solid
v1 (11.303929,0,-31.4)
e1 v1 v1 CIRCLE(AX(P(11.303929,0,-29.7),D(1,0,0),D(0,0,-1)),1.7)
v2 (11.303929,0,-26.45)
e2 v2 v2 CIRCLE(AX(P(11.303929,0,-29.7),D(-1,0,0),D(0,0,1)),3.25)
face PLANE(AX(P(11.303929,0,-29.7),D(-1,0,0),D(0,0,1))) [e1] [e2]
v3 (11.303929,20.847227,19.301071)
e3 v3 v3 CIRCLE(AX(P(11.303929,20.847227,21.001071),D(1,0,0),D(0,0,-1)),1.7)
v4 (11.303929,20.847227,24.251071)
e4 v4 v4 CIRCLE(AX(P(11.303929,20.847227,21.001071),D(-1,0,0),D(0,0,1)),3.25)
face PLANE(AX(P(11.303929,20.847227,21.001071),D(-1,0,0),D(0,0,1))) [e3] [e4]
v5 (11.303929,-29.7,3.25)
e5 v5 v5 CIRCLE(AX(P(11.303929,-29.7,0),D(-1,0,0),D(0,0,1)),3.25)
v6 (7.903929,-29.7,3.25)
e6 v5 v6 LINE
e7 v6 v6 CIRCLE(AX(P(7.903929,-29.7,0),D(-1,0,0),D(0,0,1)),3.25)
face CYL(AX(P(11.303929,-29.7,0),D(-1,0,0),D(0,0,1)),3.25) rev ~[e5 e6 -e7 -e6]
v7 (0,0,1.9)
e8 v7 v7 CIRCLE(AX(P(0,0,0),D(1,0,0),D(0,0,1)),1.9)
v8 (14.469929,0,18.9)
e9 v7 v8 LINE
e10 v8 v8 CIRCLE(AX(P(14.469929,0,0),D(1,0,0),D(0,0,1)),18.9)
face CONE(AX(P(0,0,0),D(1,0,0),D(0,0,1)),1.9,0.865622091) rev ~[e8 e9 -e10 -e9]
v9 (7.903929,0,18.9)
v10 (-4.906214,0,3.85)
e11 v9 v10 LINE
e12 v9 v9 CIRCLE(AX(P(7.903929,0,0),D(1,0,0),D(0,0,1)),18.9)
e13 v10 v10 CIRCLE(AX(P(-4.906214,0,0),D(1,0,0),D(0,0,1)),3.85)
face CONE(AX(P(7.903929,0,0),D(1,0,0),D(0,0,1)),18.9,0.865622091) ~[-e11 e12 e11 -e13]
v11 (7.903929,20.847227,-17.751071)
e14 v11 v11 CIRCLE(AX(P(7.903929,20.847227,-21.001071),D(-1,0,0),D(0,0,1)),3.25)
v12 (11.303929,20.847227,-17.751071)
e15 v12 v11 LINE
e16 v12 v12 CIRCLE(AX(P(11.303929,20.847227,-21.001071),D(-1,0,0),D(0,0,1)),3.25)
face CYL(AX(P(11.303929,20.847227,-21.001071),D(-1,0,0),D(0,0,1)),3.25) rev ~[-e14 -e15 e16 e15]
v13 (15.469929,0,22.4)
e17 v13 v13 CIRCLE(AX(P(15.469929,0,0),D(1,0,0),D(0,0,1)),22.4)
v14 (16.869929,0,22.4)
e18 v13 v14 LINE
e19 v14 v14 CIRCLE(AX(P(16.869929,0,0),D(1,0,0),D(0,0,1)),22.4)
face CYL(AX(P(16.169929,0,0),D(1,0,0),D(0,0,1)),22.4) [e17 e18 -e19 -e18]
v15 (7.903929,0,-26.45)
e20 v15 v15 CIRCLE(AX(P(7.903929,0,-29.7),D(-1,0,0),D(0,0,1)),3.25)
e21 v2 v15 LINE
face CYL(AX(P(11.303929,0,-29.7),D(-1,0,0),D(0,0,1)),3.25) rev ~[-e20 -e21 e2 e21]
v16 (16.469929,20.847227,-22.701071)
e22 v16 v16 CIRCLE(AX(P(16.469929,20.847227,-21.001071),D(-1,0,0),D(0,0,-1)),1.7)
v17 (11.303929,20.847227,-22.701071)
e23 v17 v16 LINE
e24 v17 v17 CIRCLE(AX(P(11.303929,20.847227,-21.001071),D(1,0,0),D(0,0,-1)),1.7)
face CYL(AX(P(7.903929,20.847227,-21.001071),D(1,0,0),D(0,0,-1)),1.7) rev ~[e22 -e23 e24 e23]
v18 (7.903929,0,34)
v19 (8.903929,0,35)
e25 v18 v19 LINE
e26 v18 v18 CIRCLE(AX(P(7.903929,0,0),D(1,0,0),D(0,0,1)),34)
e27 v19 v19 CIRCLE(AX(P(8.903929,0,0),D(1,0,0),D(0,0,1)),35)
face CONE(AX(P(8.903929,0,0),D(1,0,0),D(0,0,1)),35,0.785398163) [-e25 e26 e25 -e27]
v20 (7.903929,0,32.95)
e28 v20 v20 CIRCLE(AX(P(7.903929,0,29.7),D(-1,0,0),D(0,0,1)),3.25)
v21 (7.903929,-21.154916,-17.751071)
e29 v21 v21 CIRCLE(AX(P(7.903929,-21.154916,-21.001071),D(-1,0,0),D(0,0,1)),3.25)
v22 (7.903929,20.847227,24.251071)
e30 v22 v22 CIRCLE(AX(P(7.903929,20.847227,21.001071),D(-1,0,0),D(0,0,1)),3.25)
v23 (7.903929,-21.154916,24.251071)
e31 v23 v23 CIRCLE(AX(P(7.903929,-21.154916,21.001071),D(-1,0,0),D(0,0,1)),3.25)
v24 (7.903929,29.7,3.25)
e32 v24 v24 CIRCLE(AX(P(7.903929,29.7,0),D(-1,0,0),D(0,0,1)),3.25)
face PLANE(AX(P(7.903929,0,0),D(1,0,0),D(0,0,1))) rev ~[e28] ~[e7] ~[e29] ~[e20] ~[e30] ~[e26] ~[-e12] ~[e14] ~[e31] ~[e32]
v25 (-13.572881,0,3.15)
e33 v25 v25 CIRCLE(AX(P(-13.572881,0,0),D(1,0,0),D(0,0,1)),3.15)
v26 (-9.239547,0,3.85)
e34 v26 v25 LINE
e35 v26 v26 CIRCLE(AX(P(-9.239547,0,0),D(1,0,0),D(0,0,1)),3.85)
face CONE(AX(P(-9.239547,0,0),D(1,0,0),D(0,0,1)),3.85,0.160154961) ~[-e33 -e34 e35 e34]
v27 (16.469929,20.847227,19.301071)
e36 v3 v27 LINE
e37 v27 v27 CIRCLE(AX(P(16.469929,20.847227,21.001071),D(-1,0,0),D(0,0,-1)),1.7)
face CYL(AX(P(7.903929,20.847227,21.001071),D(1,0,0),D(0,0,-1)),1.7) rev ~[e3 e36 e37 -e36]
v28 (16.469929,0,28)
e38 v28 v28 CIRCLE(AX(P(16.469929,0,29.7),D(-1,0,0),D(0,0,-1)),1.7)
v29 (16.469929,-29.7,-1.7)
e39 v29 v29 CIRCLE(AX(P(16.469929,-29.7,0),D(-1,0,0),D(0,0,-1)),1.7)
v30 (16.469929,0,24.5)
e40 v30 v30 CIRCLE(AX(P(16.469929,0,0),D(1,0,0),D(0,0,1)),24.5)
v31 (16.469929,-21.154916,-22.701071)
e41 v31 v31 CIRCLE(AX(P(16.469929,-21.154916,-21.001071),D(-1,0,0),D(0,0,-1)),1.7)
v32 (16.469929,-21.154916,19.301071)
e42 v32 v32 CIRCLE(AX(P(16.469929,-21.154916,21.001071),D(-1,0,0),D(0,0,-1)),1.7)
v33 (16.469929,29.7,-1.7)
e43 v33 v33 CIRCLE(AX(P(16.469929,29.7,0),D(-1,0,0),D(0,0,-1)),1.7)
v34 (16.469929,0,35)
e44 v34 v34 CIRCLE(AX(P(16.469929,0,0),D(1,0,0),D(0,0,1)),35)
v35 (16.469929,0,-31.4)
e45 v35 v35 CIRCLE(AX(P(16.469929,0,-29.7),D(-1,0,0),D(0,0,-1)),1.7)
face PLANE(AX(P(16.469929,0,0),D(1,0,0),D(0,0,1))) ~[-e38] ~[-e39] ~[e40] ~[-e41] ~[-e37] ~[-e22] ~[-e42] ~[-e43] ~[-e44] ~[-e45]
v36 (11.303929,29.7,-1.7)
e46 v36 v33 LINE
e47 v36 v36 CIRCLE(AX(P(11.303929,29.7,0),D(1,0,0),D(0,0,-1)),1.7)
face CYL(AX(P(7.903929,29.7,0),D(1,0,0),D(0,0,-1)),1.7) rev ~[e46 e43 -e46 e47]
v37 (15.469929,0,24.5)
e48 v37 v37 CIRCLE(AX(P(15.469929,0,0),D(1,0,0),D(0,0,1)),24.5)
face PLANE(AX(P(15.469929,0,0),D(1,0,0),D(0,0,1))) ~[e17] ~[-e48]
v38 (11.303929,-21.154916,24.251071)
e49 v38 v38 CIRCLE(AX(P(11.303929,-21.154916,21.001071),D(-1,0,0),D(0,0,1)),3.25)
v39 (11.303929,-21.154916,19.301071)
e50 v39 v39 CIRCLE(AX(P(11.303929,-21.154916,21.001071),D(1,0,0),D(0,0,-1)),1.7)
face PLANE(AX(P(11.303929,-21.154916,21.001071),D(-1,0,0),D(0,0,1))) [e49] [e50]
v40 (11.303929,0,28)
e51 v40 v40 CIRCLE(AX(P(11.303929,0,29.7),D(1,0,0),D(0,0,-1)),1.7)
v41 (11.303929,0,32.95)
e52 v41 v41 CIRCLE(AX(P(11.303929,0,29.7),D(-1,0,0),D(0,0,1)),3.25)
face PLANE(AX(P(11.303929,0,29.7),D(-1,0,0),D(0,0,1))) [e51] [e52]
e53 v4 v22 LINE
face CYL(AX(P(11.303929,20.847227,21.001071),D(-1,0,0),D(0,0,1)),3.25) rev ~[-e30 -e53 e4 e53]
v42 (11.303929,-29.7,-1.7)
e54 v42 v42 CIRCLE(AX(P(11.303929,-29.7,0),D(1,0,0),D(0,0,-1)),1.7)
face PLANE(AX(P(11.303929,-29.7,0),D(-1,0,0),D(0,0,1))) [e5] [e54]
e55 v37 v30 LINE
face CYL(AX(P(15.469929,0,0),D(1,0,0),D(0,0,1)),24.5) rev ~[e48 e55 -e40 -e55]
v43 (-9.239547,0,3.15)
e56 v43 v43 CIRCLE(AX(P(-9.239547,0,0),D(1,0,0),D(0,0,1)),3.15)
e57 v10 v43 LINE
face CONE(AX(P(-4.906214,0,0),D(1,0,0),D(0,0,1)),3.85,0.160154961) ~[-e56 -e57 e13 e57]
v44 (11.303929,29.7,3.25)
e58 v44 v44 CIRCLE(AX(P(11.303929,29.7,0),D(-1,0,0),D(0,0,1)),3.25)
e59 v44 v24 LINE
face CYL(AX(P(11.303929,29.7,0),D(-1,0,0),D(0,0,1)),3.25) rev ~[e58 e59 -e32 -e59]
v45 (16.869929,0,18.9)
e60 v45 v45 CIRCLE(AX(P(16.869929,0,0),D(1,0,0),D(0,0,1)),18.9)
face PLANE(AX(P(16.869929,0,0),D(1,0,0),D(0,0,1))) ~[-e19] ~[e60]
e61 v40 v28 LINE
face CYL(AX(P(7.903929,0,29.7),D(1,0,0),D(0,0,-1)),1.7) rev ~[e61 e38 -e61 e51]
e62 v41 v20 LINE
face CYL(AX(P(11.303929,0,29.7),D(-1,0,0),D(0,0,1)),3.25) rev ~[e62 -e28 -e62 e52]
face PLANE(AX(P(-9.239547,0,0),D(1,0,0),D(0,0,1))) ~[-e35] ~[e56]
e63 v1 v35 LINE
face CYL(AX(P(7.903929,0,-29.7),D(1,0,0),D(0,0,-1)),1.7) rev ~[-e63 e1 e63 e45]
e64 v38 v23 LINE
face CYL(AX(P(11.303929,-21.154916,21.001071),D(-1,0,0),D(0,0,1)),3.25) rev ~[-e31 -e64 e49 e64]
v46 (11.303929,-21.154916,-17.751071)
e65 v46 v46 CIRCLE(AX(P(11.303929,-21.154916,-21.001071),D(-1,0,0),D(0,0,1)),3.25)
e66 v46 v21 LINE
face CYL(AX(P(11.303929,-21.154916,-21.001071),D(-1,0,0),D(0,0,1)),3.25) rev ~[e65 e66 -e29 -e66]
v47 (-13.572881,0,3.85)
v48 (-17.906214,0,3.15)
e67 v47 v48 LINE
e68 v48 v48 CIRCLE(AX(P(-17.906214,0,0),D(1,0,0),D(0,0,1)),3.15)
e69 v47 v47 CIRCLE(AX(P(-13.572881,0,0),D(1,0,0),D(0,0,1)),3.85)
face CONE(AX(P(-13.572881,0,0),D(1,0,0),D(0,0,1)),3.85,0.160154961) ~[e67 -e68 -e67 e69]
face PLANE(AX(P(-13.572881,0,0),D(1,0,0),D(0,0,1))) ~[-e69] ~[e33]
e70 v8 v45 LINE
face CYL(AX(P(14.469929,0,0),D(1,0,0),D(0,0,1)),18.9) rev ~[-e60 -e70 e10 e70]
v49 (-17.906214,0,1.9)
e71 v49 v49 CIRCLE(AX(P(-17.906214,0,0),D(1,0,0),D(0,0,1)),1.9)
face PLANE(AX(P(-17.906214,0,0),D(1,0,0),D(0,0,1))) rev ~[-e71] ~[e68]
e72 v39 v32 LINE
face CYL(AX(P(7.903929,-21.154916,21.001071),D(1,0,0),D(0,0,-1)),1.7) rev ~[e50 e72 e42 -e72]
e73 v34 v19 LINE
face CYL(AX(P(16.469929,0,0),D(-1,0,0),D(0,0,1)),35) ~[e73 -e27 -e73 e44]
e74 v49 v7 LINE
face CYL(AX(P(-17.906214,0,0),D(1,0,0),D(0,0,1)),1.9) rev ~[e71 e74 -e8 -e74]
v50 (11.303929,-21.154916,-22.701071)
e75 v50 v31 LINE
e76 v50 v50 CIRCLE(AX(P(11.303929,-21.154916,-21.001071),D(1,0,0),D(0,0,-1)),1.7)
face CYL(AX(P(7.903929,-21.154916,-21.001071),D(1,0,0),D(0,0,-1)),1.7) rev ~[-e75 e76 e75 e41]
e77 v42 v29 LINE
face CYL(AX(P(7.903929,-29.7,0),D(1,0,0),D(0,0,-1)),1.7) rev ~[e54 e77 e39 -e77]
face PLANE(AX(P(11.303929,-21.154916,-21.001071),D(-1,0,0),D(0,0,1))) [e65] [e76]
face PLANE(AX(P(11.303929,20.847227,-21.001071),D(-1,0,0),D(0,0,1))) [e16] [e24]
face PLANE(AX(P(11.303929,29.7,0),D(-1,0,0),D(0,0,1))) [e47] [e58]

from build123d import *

# Parameters (mm, degrees)
SKETCH1_W                                           = 1.4
SKETCH1_H                                           = 3.5
CBORE_FOR_M3_HEX_SOCKET_HEAD_CAP_SCREW2_D           = 3.4
CBORE_FOR_M3_HEX_SOCKET_HEAD_CAP_SCREW2_DEPTH       = 8.566
CBORE_FOR_M3_HEX_SOCKET_HEAD_CAP_SCREW2_CBORE_D     = 6.5
CBORE_FOR_M3_HEX_SOCKET_HEAD_CAP_SCREW2_CBORE_DEPTH = 3.4
CBORE_FOR_M3_HEX_SOCKET_HEAD_CAP_SCREW2_TIP         = 1.021463052
CHAMFER1_SIZE                                       = 1


with BuildPart() as part:
    # Sketch1 → Revolve17 (revolve)
    with BuildSketch(Plane.XY, mode=Mode.PRIVATE) as revolve17_sk:
        Polygon((-13.572880732, 3.15), (-13.572880732, 3.85), (-17.906214066, 3.15), (-17.906214066, 1.9), (0, 1.9), (14.469928658, 18.9), (15.469928658, 18.9), (15.469928658, 22.4), (15.469928658, 24.5), (16.469928658, 24.5), (16.469928658, 35), (7.903928658, 35), (7.903928658, 18.9), (-4.906214066, 3.85), (-9.239547399, 3.15), (-9.239547399, 3.85), align=None)
        with Locations((16.169928658, 20.65)):
            Rectangle(SKETCH1_W, SKETCH1_H)
    revolve(revolve17_sk.sketch.rotate(Axis((-801.920554309, 0, 0), (1, 0, 0)), 90), axis=Axis((-801.920554309, 0, 0), (1, 0, 0)))

    # CBORE for M3 Hex Socket Head Cap Screw2
    with Locations(Plane.ZY.offset(-7.903928658)):
        with Locations((-21.001071401, -21.154915542), (0, 29.7), (29.7, 0), (-29.7, 0), (0, -29.7), (-21.001071401, 20.847227261), (21.001071401, 20.847227261), (21.001071401, -21.154915542)):
            CounterBoreHole(CBORE_FOR_M3_HEX_SOCKET_HEAD_CAP_SCREW2_D / 2, CBORE_FOR_M3_HEX_SOCKET_HEAD_CAP_SCREW2_CBORE_D / 2, CBORE_FOR_M3_HEX_SOCKET_HEAD_CAP_SCREW2_CBORE_DEPTH, depth=CBORE_FOR_M3_HEX_SOCKET_HEAD_CAP_SCREW2_DEPTH)
            with Locations((0, 0, -(CBORE_FOR_M3_HEX_SOCKET_HEAD_CAP_SCREW2_DEPTH + CBORE_FOR_M3_HEX_SOCKET_HEAD_CAP_SCREW2_TIP / 2))):  # 118° drill point
                Cone(0, CBORE_FOR_M3_HEX_SOCKET_HEAD_CAP_SCREW2_D / 2, CBORE_FOR_M3_HEX_SOCKET_HEAD_CAP_SCREW2_TIP, mode=Mode.SUBTRACT)

    # Chamfer1
    chamfer1_edges = [part.edges().sort_by_distance(p)[0] for p in [
        (7.903928658, 0, -35),
    ]]
    chamfer(chamfer1_edges, length=CHAMFER1_SIZE)


solid = part.part
